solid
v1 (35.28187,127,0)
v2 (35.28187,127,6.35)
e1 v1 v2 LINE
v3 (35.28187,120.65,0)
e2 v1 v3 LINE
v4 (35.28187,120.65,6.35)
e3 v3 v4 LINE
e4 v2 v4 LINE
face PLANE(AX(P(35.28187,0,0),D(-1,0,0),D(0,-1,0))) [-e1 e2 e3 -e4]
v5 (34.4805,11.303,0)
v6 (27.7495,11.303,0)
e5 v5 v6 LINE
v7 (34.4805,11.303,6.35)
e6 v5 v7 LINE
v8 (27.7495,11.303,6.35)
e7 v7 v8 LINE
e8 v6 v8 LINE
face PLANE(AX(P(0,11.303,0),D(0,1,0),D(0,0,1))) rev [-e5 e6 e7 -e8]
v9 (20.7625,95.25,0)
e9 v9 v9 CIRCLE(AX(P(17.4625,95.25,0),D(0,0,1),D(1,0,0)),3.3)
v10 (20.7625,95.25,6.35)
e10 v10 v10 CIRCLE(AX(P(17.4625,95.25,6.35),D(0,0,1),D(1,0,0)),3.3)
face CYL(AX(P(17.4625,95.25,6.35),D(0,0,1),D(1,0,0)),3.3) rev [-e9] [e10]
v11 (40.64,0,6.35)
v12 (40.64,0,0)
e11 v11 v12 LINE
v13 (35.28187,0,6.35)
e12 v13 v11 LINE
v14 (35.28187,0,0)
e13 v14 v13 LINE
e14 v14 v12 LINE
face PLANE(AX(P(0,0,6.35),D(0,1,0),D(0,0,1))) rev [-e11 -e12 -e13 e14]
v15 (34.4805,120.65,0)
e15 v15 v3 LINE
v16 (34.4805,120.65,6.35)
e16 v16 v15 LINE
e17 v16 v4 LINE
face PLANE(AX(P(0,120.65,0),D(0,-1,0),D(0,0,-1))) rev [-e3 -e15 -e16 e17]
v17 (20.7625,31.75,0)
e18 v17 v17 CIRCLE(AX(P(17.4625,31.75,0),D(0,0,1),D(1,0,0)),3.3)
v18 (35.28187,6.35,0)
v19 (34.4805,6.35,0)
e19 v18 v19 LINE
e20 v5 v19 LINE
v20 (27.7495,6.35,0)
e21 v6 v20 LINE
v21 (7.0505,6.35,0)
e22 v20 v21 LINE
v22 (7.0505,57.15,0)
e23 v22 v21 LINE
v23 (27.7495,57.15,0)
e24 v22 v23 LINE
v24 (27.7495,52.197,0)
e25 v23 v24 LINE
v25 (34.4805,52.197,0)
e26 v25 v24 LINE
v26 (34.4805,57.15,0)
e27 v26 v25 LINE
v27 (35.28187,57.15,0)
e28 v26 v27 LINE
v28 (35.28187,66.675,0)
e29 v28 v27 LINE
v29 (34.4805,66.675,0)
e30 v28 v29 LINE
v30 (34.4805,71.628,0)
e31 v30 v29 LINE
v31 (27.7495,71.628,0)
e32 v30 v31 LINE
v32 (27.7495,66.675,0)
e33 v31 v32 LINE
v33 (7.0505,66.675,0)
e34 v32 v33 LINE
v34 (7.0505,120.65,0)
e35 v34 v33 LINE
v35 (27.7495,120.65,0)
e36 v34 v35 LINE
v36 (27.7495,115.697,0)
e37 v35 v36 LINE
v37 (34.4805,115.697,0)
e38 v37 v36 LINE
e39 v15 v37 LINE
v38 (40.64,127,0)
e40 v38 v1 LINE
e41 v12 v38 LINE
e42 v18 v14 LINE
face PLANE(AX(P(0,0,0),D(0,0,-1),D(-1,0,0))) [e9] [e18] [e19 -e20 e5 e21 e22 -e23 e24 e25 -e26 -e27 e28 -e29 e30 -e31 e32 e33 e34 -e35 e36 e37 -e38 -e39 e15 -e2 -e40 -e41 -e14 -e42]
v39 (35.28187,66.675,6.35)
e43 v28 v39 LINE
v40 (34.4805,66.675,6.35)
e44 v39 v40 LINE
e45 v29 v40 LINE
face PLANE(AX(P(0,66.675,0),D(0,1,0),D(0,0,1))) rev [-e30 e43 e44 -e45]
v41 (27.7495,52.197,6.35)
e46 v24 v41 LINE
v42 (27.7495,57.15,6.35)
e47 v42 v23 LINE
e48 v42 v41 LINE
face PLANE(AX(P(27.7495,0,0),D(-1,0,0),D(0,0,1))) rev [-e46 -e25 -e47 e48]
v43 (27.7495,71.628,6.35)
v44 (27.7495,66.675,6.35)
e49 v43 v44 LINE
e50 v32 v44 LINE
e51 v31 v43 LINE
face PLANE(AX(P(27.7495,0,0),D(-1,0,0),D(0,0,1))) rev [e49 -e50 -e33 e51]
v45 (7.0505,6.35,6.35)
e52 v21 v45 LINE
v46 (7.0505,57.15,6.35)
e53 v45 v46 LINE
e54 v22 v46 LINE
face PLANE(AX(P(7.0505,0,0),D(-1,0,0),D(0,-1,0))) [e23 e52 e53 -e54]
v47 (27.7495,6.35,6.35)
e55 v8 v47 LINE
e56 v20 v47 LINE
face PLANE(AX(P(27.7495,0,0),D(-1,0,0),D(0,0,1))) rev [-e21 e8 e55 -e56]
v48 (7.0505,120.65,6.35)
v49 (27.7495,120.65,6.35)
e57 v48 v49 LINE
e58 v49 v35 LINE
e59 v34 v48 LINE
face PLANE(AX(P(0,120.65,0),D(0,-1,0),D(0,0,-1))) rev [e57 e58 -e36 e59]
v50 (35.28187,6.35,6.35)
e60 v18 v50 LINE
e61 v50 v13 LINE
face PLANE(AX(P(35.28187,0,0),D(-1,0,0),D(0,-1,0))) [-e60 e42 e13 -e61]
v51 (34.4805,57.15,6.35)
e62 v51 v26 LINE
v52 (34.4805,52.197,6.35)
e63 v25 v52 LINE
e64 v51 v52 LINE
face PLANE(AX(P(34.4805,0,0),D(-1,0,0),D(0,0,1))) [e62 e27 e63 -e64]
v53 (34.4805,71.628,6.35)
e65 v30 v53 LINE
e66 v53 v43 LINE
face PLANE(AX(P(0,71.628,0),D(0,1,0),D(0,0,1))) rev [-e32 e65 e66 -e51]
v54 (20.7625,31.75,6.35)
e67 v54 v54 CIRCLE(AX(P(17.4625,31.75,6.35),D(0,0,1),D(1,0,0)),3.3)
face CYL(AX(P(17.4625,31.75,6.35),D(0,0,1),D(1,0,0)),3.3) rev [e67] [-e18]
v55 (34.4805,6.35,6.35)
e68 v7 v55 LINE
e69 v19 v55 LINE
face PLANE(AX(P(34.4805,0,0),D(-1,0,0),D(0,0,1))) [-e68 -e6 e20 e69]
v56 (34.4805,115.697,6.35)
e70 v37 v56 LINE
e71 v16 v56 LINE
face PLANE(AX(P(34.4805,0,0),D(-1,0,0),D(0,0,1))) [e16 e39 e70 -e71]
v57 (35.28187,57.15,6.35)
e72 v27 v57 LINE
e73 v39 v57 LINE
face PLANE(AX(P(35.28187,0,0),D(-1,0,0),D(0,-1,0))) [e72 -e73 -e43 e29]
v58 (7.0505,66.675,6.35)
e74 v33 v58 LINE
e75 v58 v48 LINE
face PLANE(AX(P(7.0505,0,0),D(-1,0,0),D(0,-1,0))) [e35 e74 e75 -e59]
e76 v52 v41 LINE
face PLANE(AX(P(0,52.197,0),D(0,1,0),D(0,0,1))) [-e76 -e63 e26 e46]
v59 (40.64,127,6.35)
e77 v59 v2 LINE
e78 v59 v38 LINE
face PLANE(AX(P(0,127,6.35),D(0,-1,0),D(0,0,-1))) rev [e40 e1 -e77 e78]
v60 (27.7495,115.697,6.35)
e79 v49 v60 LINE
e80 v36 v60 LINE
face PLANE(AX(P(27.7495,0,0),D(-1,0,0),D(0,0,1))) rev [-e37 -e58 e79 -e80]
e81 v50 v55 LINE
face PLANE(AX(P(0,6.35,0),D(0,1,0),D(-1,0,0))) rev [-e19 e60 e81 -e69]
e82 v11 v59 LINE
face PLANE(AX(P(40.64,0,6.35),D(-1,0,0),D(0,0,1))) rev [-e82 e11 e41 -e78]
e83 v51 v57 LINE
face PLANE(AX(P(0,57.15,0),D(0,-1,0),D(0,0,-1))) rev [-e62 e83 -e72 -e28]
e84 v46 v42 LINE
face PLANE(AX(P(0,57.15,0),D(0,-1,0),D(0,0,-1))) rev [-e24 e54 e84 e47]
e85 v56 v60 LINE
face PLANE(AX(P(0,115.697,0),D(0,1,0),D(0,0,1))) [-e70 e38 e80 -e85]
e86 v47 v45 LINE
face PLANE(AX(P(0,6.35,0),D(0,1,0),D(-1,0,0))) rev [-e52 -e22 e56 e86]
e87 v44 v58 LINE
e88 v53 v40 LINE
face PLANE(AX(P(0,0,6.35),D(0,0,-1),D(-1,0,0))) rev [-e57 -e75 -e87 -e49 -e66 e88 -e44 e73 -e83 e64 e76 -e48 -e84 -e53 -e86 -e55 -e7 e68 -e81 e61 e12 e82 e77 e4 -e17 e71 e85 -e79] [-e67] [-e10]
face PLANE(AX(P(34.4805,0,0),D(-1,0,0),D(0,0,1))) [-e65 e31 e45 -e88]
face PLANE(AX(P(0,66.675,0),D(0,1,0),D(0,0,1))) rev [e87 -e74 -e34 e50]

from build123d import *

# Parameters (mm, degrees)
SKETCH2_W               = 40.64
SKETCH2_H               = 127
BOSS_EXTRUDE1_DEPTH     = 6.35
M6_CLEARANCE_HOLE1_D    = 6.6
CUT_EXTRUDE1_DEPTH      = 134.495063954
CUT_EXTRUDE1_DEPTH_BACK = 134.495063954
SKETCH5_W               = 7.0505
SKETCH5_H               = 127
SKETCH6_W               = 25.85012
SKETCH6_H               = 3.175
SKETCH6_W_2             = 27.8745
CUT_EXTRUDE2_DEPTH      = 134.495063954
SKETCH7_W               = 6.35
SKETCH7_H               = 4.7625
CUT_EXTRUDE3_DEPTH      = 134.495063954


with BuildPart() as part:
    # Sketch2 → Boss-Extrude1 (new body)
    with BuildSketch(Plane.XY):
        with Locations((20.32, 63.5)):
            Rectangle(SKETCH2_W, SKETCH2_H)
    extrude(amount=BOSS_EXTRUDE1_DEPTH)

    # M6 Clearance Hole1 (through all)
    with Locations(Plane.XY.offset(6.35)):
        with Locations((17.4625, 31.75), (17.4625, 95.25)):
            Hole(M6_CLEARANCE_HOLE1_D / 2)

    # Sketch5 → Cut-Extrude1 (cut, two sides: drawn at the far end of the back side and taken through both)
    with BuildSketch(Plane.XY.offset(6.35).offset(-CUT_EXTRUDE1_DEPTH_BACK)):
        with Locations((3.52525, 63.5)):
            Rectangle(SKETCH5_W, SKETCH5_H)
    extrude(amount=CUT_EXTRUDE1_DEPTH + CUT_EXTRUDE1_DEPTH_BACK, mode=Mode.SUBTRACT)

    # Sketch6 → Cut-Extrude2 (cut, through all)
    with BuildSketch(Plane.XY.offset(6.35)):
        Polygon((7.0505, 123.825), (7.0505, 120.65), (35.28187, 120.65), (35.28187, 127), (32.90062, 127), (32.90062, 123.825), align=None)
        with Locations((19.97556, 125.4125)):
            Rectangle(SKETCH6_W, SKETCH6_H)
        Polygon((35.28187, 66.675), (7.0505, 66.675), (7.0505, 63.5), (32.90062, 63.5), (32.90062, 60.325), (7.0505, 60.325), (7.0505, 57.15), (35.28187, 57.15), align=None)
        with Locations((19.97556, 61.9125)):
            Rectangle(SKETCH6_W, SKETCH6_H)
        Polygon((35.28187, 0), (35.28187, 6.35), (7.0505, 6.35), (7.0505, 3.175), (34.925, 3.175), (34.925, 0), align=None)
        with Locations((20.98775, 1.5875)):
            Rectangle(SKETCH6_W_2, SKETCH6_H)
    extrude(amount=-CUT_EXTRUDE2_DEPTH, mode=Mode.SUBTRACT)

    # Sketch7 → Cut-Extrude3 (cut, through all)
    with BuildSketch(Plane.XY.offset(6.35)):
        with Locations((31.115, 8.73125)):
            Rectangle(SKETCH7_W, SKETCH7_H)
        Polygon((27.94, 11.1125), (34.29, 11.1125), (34.29, 6.35), (34.4805, 6.35), (34.4805, 11.303), (27.7495, 11.303), (27.7495, 6.35), (27.94, 6.35), align=None)
        Polygon((34.4805, 6.35), (34.29, 6.35), (27.94, 6.35), (27.7495, 6.35), (27.7495, 6.1595), (34.4805, 6.1595), align=None)
        with Locations((31.115, 54.76875)):
            Rectangle(SKETCH7_W, SKETCH7_H)
        Polygon((34.4805, 57.15), (34.29, 57.15), (34.29, 52.3875), (27.94, 52.3875), (27.94, 57.15), (27.7495, 57.15), (27.7495, 52.197), (34.4805, 52.197), align=None)
        Polygon((27.94, 57.15), (34.29, 57.15), (34.4805, 57.15), (34.4805, 57.3405), (27.7495, 57.3405), (27.7495, 57.15), align=None)
        Polygon((34.4805, 66.675), (34.29, 66.675), (27.94, 66.675), (27.7495, 66.675), (27.7495, 66.4845), (34.4805, 66.4845), align=None)
        with Locations((31.115, 69.05625)):
            Rectangle(SKETCH7_W, SKETCH7_H)
        Polygon((27.94, 71.4375), (34.29, 71.4375), (34.29, 66.675), (34.4805, 66.675), (34.4805, 71.628), (27.7495, 71.628), (27.7495, 66.675), (27.94, 66.675), align=None)
        with Locations((31.115, 118.26875)):
            Rectangle(SKETCH7_W, SKETCH7_H)
        Polygon((27.7495, 115.697), (34.4805, 115.697), (34.4805, 120.65), (34.29, 120.65), (34.29, 115.8875), (27.94, 115.8875), (27.94, 120.65), (27.7495, 120.65), align=None)
        Polygon((34.29, 120.65), (34.4805, 120.65), (34.4805, 120.8405), (27.7495, 120.8405), (27.7495, 120.65), (27.94, 120.65), align=None)
    extrude(amount=-CUT_EXTRUDE3_DEPTH, mode=Mode.SUBTRACT)


solid = part.part
